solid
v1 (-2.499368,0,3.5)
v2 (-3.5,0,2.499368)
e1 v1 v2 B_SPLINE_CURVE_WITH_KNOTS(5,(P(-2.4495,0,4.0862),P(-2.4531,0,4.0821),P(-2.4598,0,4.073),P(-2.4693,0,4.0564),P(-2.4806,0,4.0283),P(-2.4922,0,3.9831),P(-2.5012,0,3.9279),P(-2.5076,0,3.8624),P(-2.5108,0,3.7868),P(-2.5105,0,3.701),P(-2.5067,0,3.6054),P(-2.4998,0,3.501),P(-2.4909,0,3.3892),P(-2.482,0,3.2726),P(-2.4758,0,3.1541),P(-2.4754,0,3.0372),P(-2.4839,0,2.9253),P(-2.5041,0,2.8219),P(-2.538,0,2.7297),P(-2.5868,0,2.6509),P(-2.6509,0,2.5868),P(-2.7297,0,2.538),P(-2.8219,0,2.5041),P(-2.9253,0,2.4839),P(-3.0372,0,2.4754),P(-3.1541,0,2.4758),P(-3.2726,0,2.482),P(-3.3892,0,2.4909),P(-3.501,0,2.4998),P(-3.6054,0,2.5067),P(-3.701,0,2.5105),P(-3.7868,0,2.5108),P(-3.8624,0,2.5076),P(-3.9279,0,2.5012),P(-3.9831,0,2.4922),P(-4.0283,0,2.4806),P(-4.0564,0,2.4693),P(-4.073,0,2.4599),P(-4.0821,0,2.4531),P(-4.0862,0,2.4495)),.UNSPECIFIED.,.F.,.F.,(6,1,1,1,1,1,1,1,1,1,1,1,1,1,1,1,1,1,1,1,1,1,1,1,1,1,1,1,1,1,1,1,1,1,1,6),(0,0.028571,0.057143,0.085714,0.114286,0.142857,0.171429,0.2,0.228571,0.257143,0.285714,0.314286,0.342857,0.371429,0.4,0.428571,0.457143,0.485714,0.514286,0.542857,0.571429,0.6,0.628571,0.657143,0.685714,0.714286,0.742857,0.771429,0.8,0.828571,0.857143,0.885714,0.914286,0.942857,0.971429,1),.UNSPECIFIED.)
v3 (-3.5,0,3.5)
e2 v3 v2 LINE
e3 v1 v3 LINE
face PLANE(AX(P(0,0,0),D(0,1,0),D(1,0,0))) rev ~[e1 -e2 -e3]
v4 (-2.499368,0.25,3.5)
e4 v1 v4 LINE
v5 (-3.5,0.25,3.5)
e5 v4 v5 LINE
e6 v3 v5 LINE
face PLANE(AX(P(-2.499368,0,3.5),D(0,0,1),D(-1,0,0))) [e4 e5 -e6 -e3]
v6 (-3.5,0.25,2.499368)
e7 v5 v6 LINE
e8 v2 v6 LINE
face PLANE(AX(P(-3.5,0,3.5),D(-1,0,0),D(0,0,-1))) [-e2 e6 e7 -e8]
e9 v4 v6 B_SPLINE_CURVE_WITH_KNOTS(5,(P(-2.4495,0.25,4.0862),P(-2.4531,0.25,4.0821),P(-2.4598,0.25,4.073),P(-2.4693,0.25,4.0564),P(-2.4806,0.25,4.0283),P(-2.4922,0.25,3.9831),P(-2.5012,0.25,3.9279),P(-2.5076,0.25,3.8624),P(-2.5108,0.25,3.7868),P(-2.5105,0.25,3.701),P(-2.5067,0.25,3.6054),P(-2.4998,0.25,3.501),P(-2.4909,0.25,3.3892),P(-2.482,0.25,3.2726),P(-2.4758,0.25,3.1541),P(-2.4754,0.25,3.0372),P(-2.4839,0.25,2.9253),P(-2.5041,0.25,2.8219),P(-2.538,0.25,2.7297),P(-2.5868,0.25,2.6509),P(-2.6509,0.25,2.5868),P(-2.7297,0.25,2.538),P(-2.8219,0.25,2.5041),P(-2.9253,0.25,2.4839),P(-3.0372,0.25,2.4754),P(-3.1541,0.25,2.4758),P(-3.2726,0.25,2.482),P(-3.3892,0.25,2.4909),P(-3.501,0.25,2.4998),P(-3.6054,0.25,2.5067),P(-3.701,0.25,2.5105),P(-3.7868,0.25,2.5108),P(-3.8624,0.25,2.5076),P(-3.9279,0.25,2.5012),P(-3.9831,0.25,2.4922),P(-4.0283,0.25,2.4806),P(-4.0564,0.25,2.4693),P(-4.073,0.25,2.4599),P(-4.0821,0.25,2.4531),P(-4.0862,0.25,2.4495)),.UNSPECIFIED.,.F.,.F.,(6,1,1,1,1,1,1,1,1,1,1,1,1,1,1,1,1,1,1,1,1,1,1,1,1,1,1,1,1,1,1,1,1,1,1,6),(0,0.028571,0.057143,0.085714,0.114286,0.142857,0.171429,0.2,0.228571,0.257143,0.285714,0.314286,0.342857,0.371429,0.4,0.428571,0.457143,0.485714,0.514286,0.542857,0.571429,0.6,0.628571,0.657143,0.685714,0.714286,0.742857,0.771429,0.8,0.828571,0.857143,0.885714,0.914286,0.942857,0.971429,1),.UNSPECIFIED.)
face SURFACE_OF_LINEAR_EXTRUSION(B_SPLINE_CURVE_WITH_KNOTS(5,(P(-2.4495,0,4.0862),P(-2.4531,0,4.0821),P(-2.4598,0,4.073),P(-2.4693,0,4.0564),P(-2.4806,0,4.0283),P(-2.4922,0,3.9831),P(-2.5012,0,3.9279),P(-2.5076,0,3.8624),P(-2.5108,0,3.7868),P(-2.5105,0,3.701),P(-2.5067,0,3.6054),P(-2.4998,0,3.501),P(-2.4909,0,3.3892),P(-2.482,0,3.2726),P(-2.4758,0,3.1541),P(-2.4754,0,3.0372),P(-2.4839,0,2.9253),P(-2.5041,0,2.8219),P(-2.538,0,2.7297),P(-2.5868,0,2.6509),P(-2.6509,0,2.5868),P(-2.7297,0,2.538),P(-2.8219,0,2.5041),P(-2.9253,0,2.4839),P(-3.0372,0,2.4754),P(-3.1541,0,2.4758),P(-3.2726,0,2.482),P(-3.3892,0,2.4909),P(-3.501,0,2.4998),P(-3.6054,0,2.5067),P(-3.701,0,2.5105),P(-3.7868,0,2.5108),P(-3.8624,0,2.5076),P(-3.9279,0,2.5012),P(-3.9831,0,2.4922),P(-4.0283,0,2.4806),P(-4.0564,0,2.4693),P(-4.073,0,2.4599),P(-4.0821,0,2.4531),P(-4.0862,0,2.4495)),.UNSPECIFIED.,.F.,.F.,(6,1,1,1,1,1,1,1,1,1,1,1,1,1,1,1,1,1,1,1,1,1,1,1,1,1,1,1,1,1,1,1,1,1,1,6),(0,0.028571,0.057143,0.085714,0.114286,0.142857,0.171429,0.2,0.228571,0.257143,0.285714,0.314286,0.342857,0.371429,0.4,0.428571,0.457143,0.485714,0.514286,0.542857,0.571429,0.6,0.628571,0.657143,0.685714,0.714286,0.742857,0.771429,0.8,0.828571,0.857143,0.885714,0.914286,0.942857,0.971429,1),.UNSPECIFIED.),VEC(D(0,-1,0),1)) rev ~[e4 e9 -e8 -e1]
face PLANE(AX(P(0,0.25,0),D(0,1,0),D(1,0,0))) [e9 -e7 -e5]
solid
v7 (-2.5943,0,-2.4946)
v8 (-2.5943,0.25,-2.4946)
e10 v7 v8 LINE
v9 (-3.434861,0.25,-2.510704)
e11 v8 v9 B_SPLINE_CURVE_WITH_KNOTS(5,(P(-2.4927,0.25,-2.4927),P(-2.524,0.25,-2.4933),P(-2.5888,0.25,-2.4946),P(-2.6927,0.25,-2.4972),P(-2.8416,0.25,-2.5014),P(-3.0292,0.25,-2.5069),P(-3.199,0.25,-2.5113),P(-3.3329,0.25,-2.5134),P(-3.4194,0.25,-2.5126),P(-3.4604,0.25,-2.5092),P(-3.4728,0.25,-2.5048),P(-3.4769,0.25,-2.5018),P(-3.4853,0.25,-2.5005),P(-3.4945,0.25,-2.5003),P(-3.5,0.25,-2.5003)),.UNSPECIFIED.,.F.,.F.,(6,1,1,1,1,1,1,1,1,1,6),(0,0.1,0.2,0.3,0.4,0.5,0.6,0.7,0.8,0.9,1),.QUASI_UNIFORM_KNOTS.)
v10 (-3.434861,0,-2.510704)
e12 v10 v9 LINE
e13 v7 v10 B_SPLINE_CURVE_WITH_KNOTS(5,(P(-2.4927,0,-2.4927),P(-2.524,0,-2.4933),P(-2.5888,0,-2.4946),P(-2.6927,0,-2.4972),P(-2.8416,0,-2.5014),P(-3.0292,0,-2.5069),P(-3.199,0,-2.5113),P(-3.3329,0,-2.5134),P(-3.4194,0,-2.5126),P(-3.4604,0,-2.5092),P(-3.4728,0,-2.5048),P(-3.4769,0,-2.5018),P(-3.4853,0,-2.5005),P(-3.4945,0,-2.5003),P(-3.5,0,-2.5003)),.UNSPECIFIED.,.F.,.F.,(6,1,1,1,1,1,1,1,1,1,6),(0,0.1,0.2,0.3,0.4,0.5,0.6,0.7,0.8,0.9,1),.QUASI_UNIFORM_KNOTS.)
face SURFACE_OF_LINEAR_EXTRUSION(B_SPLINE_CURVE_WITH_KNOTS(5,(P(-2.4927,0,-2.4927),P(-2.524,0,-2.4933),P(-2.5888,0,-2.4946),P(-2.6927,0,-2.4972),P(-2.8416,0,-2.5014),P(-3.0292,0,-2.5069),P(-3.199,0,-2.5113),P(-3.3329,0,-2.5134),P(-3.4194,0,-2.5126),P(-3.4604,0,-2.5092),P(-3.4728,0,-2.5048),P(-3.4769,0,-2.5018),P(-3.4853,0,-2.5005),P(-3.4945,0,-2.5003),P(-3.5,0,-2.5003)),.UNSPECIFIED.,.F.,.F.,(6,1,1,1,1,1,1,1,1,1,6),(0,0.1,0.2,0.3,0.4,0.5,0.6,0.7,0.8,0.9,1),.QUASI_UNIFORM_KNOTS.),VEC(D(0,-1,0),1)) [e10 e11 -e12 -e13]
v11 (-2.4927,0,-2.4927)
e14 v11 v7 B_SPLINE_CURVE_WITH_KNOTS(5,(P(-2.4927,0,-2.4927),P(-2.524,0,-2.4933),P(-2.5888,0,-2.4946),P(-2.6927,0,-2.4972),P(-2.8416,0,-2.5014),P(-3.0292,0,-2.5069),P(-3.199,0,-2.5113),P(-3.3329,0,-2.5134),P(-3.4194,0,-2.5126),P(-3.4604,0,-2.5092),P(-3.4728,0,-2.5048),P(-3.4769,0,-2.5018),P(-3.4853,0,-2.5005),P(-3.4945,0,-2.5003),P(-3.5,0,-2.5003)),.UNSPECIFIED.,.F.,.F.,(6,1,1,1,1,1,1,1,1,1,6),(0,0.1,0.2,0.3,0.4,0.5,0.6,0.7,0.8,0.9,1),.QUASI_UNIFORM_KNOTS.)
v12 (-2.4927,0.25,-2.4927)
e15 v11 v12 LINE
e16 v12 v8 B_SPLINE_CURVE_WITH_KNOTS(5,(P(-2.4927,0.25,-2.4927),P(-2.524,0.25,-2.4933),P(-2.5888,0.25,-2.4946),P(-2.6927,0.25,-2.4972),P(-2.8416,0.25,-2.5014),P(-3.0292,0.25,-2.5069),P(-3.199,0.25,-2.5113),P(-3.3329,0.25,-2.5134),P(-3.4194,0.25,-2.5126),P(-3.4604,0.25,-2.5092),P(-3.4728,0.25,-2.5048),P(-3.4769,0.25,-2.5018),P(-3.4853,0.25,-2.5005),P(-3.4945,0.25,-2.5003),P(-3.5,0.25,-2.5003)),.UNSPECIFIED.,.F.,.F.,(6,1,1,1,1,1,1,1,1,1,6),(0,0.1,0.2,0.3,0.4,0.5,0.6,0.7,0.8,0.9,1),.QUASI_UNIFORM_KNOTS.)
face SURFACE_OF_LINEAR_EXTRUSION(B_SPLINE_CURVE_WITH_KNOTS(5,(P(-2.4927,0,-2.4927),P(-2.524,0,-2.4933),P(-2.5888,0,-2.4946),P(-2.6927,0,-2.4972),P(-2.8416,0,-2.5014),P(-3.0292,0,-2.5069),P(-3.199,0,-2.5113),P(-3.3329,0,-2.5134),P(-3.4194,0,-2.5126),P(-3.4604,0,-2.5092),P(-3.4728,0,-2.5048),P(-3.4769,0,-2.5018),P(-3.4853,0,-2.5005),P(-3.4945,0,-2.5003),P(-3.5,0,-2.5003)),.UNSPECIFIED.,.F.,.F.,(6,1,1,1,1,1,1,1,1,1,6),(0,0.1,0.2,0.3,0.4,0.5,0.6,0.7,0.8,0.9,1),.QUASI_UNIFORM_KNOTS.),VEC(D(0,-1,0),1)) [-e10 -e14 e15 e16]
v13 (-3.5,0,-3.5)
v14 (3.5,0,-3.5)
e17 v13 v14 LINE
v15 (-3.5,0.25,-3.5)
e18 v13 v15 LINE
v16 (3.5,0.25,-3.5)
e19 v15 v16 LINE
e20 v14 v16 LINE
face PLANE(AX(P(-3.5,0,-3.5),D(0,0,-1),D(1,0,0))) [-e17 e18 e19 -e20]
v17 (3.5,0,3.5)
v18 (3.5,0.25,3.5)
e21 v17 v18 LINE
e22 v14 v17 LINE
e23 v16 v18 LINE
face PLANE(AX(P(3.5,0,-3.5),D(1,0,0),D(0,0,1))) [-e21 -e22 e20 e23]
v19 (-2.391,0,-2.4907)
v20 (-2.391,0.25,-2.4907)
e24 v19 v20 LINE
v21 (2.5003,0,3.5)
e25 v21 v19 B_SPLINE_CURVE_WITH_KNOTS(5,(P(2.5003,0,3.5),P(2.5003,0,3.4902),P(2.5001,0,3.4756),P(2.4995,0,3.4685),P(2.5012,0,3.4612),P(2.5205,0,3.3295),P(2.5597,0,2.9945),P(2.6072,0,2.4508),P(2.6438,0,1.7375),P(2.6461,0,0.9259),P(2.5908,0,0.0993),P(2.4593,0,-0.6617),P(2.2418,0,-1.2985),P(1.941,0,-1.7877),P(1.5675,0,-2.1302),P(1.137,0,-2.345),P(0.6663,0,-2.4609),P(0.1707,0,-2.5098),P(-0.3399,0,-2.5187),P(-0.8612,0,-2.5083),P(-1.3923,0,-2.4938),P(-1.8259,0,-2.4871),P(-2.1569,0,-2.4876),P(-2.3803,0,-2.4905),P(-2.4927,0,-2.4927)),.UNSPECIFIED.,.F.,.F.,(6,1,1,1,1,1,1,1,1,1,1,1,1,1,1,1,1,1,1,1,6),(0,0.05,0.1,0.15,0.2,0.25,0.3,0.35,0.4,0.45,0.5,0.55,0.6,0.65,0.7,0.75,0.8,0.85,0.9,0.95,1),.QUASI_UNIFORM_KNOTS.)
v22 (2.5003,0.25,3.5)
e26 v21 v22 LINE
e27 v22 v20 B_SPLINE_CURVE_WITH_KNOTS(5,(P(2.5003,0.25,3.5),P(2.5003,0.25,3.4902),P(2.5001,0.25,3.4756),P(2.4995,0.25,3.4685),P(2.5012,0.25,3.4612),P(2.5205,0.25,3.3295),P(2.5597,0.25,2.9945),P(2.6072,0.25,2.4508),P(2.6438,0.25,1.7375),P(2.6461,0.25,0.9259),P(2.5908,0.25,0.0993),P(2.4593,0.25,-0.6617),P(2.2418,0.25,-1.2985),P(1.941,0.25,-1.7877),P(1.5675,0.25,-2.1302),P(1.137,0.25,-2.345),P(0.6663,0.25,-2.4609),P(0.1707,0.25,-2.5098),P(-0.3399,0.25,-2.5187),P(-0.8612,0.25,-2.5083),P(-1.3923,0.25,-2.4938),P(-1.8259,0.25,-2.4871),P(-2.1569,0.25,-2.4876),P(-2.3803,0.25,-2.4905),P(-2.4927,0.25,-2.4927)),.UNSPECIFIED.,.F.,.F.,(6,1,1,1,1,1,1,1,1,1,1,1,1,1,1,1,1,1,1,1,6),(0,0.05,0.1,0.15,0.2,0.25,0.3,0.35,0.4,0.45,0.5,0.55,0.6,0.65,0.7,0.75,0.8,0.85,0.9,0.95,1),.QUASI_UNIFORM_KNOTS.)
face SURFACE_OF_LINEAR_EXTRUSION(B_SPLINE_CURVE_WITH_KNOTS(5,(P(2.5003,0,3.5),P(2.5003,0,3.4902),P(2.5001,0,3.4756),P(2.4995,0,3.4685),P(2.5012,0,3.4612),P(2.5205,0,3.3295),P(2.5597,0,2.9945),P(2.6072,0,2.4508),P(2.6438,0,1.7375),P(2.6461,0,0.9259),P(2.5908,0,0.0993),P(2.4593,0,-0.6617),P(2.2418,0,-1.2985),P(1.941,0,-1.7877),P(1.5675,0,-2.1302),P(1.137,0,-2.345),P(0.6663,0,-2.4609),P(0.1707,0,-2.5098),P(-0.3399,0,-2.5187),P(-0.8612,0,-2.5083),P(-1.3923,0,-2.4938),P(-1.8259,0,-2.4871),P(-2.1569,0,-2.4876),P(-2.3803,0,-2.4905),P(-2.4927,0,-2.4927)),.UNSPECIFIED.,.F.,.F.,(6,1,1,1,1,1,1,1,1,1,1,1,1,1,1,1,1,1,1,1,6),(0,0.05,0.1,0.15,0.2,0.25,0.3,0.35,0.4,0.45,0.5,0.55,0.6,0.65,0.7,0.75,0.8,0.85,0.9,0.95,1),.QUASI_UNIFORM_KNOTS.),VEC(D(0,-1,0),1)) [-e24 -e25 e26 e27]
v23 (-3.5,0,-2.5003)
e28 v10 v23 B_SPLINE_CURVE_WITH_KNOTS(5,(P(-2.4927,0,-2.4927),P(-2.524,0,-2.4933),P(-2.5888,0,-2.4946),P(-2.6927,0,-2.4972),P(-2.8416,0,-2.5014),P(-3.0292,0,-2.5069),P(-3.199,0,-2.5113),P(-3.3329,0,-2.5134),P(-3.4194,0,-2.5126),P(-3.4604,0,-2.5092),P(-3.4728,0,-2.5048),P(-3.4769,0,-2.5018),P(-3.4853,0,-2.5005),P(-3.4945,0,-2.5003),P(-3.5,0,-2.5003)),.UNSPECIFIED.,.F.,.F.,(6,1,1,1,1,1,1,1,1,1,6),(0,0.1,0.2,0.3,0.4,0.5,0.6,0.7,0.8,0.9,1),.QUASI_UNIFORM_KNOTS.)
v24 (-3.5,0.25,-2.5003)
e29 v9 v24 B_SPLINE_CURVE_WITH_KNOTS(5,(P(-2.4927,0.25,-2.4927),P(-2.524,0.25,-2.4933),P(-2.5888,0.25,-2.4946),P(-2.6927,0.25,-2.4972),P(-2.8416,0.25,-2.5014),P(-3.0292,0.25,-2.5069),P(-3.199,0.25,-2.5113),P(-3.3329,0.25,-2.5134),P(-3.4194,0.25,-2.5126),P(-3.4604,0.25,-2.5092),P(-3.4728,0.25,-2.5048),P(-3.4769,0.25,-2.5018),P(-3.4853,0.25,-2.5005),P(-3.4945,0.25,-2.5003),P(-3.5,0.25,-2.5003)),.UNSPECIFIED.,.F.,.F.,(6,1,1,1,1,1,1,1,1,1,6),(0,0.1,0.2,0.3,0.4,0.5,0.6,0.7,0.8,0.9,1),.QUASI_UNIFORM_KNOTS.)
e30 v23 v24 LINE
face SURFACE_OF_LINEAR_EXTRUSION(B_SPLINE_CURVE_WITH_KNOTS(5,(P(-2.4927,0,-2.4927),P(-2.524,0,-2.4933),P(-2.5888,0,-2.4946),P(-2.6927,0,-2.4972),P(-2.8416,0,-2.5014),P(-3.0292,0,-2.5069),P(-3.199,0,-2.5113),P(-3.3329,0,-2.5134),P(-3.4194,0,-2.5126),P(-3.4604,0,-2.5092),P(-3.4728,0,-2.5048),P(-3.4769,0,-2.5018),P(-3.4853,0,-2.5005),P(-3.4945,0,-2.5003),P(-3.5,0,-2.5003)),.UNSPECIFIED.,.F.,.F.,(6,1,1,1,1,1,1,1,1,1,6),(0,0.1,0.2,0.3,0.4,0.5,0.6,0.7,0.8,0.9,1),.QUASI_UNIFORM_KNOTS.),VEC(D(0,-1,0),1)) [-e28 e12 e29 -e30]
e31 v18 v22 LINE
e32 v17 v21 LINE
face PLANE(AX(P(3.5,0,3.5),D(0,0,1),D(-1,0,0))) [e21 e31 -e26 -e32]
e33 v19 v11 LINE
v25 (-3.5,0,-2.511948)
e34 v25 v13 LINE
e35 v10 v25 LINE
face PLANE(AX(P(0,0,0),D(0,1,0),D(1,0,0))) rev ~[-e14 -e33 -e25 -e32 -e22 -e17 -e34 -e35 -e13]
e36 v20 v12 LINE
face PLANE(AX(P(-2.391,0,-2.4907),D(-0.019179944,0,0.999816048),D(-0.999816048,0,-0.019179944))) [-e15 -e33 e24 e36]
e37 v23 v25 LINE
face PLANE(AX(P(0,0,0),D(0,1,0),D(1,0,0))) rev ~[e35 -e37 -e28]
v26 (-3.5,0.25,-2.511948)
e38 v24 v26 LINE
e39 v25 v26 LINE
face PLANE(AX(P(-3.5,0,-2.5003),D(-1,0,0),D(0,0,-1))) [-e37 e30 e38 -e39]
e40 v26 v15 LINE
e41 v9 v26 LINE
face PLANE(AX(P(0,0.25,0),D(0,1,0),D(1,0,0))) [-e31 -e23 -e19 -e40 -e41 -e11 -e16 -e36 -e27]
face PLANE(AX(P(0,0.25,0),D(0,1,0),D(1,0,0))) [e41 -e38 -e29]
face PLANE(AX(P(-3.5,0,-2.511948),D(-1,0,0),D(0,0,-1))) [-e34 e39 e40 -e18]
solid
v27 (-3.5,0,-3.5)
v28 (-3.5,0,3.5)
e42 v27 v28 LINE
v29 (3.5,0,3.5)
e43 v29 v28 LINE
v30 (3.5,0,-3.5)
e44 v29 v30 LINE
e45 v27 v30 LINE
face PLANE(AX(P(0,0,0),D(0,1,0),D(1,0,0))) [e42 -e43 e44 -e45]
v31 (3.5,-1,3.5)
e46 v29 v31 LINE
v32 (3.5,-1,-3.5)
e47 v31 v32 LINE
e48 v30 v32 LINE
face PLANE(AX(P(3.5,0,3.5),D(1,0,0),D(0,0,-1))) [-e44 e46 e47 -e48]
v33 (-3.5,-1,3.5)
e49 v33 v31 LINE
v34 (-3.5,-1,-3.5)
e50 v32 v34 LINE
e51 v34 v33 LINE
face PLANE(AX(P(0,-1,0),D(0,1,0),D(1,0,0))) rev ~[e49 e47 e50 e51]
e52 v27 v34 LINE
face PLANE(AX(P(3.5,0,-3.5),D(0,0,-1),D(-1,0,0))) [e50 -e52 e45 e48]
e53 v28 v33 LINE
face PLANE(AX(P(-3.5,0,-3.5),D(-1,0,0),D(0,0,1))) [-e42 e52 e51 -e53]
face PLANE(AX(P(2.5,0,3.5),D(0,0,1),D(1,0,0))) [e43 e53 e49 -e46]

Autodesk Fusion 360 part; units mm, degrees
sketch "Sketch1" plane through (0, 0, 0) normal (0, 1, 0) x (1, 0, 0)
  line L0 (3.5, -3.5) -> (-3.5, -3.5)
  line L1 (-3.5, -3.5) -> (-3.5, 3.5)
  line L2 (-3.5, 3.5) -> (3.5, 3.5)
  line L3 (3.5, 3.5) -> (3.5, -3.5)
  line L4 (3.5, -3.5) -> (-3.5, 3.5) construction
  line L5 (-3.5, -3.5) -> (3.5, 3.5) construction
  line L6 (-3.5, 0) -> (3.5, 0) construction
  line L7 (0, 3.5) -> (0, -3.5) construction
  spline S0 degree 5 poles (-2.4495, -4.0862) (-2.4531, -4.0821) (-2.4598, -4.073) (-2.4693, -4.0564) (-2.4806, -4.0283) (-2.4922, -3.9831) (-2.5012, -3.9279) (-2.5076, -3.8624) (-2.5108, -3.7868) (-2.5105, -3.701) (-2.5067, -3.6054) (-2.4998, -3.501) (-2.4909, -3.3892) (-2.482, -3.2726) (-2.4758, -3.1541) (-2.4754, -3.0372) (-2.4839, -2.9253) (-2.5041, -2.8219) (-2.538, -2.7297) (-2.5868, -2.6509) (-2.6509, -2.5868) (-2.7297, -2.538) (-2.8219, -2.5041) (-2.9253, -2.4839) (-3.0372, -2.4754) (-3.1541, -2.4758) (-3.2726, -2.482) (-3.3892, -2.4909) (-3.501, -2.4998) (-3.6054, -2.5067) (-3.701, -2.5105) (-3.7868, -2.5108) (-3.8624, -2.5076) (-3.9279, -2.5012) (-3.9831, -2.4922) (-4.0283, -2.4806) (-4.0564, -2.4693) (-4.073, -2.4599) (-4.0821, -2.4531) (-4.0862, -2.4495) knots 0 0 0 0 0 0 0.028571 0.057143 0.085714 0.114286 0.142857 0.171429 0.2 0.228571 0.257143 0.285714 0.314286 0.342857 0.371429 0.4 0.428571 0.457143 0.485714 0.514286 0.542857 0.571429 0.6 0.628571 0.657143 0.685714 0.714286 0.742857 0.771429 0.8 0.828571 0.857143 0.885714 0.914286 0.942857 0.971429 1 1 1 1 1 1
  spline S1 degree 5 poles (-3.5, 2.5003) (-3.592, 2.5004) (-3.7772, 2.4999) (-4.0588, 2.4968) (-4.4399, 2.4888) (-4.9136, 2.4773) (-5.3682, 2.4705) (-5.787, 2.4753) (-6.1548, 2.4975) (-6.4627, 2.5408) (-6.7098, 2.6058) (-6.8605, 2.6746) (-6.9484, 2.7352) (-6.9959, 2.7796) (-7.017, 2.8028) knots 0 0 0 0 0 0 0.1 0.2 0.3 0.4 0.5 0.6 0.7 0.8 0.9 1 1 1 1 1 1
  line L8 (-3.1261, 2.4997) -> (-3.8739, 2.5008)
  spline S2 degree 5 poles (-2.4927, 2.4927) (-2.524, 2.4933) (-2.5888, 2.4946) (-2.6927, 2.4972) (-2.8416, 2.5014) (-3.0292, 2.5069) (-3.199, 2.5113) (-3.3329, 2.5134) (-3.4194, 2.5126) (-3.4604, 2.5092) (-3.4728, 2.5048) (-3.4769, 2.5018) (-3.4853, 2.5005) (-3.4945, 2.5003) (-3.5, 2.5003) knots 0 0 0 0 0 0 0.1 0.2 0.3 0.4 0.5 0.6 0.7 0.8 0.9 1 1 1 1 1 1
  line L9 (-2.391, 2.4907) -> (-2.5943, 2.4946)
  line L10 (-3.398, 2.5001) -> (-3.602, 2.5004)
  spline S3 degree 5 poles (2.8028, -7.0169) (2.7796, -6.9959) (2.7352, -6.9484) (2.6746, -6.8605) (2.6058, -6.7098) (2.5409, -6.4627) (2.4975, -6.1548) (2.4753, -5.787) (2.4705, -5.3682) (2.4773, -4.9135) (2.4888, -4.4399) (2.4968, -4.0588) (2.4999, -3.7772) (2.5004, -3.592) (2.5003, -3.5) knots 0 0 0 0 0 0 0.1 0.2 0.3 0.4 0.5 0.6 0.7 0.8 0.9 1 1 1 1 1 1
  line L11 (2.5009, -3.8739) -> (2.4997, -3.1261)
  spline S4 degree 5 poles (2.5003, -3.5) (2.5003, -3.4902) (2.5001, -3.4756) (2.4995, -3.4685) (2.5012, -3.4612) (2.5205, -3.3295) (2.5597, -2.9945) (2.6072, -2.4508) (2.6438, -1.7375) (2.6461, -0.9259) (2.5908, -0.0993) (2.4593, 0.6617) (2.2418, 1.2985) (1.941, 1.7877) (1.5675, 2.1302) (1.137, 2.345) (0.6663, 2.4609) (0.1707, 2.5098) (-0.3399, 2.5187) (-0.8612, 2.5083) (-1.3923, 2.4938) (-1.8259, 2.4871) (-2.1569, 2.4876) (-2.3803, 2.4905) (-2.4927, 2.4927) knots 0 0 0 0 0 0 0.05 0.1 0.15 0.2 0.25 0.3 0.35 0.4 0.45 0.5 0.55 0.6 0.65 0.7 0.75 0.8 0.85 0.9 0.95 1 1 1 1 1 1
  line L12 (2.5018, -4.529) -> (2.4988, -2.471)
  line L13 (-1.3885, 2.4716) -> (-3.5969, 2.5138)
  point P0 (-2.5013, -3.9197)
  point P1 (-2.4979, -3.4799)
  point P2 (-2.5053, -2.8327)
  point P3 (-2.8327, -2.5053)
  point P4 (-3.4799, -2.4979)
  point P5 (-3.9197, -2.5013)
  point P6 (2.4925, -6.018)
  point P7 (2.5126, -3.3792)
  point P8 (2.468, 0.5041)
  point P9 (0.5041, 2.468)
  point P10 (-3.3793, 2.5126)
  point P11 (-6.018, 2.4924)
  dimension "d1" = 0
  dimension "d2" = 0
sketch "Sketch2" plane through (0, 0, 0) normal (0, 1, 0) x (1, 0, 0)
  line L0 (3.5, 3.5) -> (-3.5, 3.5)
  line L1 (-3.5, 3.5) -> (-3.5, -3.5)
  line L2 (-3.5, -3.5) -> (3.5, -3.5)
  line L3 (3.5, -3.5) -> (3.5, 3.5)
  line L4 (3.5, 3.5) -> (-3.5, -3.5) construction
  line L5 (-3.5, 3.5) -> (3.5, -3.5) construction
  line L6 (2.5, -3.5) -> (2.5, 3.5)
  line L7 (-2.5, 3.5) -> (-2.5, -3.5)
  dimension "d3" = 0
  dimension "d4" = 0
  dimension "d5" = 0
  dimension "d6" = 0
extrude "Extrude2" add sketch "Sketch1" along normal blind 0.25 contours L0 L1 L2 L3 S2 L9 S4 L13 | L0 L1 S0 | L1 S2 L13 makes body 1 at (-3.004, 0, 3.0141) makes body 2 at (-0.0021, 0, -3.1694)
extrude "Extrude3" add sketch "Sketch2" against normal blind 1 separate body makes body 3
equation "d62 = curb_t"
equation "d80 = -tile_t"
equation "tile_t = 1 mm"
equation "curb_t = 0.25 mm"
equation "d1 = tile_size"
equation "d2 = tile_size"
equation "d3 = tile_size"
equation "d4 = tile_size"
equation "d5 = curb_w"
equation "d6 = curb_w"
